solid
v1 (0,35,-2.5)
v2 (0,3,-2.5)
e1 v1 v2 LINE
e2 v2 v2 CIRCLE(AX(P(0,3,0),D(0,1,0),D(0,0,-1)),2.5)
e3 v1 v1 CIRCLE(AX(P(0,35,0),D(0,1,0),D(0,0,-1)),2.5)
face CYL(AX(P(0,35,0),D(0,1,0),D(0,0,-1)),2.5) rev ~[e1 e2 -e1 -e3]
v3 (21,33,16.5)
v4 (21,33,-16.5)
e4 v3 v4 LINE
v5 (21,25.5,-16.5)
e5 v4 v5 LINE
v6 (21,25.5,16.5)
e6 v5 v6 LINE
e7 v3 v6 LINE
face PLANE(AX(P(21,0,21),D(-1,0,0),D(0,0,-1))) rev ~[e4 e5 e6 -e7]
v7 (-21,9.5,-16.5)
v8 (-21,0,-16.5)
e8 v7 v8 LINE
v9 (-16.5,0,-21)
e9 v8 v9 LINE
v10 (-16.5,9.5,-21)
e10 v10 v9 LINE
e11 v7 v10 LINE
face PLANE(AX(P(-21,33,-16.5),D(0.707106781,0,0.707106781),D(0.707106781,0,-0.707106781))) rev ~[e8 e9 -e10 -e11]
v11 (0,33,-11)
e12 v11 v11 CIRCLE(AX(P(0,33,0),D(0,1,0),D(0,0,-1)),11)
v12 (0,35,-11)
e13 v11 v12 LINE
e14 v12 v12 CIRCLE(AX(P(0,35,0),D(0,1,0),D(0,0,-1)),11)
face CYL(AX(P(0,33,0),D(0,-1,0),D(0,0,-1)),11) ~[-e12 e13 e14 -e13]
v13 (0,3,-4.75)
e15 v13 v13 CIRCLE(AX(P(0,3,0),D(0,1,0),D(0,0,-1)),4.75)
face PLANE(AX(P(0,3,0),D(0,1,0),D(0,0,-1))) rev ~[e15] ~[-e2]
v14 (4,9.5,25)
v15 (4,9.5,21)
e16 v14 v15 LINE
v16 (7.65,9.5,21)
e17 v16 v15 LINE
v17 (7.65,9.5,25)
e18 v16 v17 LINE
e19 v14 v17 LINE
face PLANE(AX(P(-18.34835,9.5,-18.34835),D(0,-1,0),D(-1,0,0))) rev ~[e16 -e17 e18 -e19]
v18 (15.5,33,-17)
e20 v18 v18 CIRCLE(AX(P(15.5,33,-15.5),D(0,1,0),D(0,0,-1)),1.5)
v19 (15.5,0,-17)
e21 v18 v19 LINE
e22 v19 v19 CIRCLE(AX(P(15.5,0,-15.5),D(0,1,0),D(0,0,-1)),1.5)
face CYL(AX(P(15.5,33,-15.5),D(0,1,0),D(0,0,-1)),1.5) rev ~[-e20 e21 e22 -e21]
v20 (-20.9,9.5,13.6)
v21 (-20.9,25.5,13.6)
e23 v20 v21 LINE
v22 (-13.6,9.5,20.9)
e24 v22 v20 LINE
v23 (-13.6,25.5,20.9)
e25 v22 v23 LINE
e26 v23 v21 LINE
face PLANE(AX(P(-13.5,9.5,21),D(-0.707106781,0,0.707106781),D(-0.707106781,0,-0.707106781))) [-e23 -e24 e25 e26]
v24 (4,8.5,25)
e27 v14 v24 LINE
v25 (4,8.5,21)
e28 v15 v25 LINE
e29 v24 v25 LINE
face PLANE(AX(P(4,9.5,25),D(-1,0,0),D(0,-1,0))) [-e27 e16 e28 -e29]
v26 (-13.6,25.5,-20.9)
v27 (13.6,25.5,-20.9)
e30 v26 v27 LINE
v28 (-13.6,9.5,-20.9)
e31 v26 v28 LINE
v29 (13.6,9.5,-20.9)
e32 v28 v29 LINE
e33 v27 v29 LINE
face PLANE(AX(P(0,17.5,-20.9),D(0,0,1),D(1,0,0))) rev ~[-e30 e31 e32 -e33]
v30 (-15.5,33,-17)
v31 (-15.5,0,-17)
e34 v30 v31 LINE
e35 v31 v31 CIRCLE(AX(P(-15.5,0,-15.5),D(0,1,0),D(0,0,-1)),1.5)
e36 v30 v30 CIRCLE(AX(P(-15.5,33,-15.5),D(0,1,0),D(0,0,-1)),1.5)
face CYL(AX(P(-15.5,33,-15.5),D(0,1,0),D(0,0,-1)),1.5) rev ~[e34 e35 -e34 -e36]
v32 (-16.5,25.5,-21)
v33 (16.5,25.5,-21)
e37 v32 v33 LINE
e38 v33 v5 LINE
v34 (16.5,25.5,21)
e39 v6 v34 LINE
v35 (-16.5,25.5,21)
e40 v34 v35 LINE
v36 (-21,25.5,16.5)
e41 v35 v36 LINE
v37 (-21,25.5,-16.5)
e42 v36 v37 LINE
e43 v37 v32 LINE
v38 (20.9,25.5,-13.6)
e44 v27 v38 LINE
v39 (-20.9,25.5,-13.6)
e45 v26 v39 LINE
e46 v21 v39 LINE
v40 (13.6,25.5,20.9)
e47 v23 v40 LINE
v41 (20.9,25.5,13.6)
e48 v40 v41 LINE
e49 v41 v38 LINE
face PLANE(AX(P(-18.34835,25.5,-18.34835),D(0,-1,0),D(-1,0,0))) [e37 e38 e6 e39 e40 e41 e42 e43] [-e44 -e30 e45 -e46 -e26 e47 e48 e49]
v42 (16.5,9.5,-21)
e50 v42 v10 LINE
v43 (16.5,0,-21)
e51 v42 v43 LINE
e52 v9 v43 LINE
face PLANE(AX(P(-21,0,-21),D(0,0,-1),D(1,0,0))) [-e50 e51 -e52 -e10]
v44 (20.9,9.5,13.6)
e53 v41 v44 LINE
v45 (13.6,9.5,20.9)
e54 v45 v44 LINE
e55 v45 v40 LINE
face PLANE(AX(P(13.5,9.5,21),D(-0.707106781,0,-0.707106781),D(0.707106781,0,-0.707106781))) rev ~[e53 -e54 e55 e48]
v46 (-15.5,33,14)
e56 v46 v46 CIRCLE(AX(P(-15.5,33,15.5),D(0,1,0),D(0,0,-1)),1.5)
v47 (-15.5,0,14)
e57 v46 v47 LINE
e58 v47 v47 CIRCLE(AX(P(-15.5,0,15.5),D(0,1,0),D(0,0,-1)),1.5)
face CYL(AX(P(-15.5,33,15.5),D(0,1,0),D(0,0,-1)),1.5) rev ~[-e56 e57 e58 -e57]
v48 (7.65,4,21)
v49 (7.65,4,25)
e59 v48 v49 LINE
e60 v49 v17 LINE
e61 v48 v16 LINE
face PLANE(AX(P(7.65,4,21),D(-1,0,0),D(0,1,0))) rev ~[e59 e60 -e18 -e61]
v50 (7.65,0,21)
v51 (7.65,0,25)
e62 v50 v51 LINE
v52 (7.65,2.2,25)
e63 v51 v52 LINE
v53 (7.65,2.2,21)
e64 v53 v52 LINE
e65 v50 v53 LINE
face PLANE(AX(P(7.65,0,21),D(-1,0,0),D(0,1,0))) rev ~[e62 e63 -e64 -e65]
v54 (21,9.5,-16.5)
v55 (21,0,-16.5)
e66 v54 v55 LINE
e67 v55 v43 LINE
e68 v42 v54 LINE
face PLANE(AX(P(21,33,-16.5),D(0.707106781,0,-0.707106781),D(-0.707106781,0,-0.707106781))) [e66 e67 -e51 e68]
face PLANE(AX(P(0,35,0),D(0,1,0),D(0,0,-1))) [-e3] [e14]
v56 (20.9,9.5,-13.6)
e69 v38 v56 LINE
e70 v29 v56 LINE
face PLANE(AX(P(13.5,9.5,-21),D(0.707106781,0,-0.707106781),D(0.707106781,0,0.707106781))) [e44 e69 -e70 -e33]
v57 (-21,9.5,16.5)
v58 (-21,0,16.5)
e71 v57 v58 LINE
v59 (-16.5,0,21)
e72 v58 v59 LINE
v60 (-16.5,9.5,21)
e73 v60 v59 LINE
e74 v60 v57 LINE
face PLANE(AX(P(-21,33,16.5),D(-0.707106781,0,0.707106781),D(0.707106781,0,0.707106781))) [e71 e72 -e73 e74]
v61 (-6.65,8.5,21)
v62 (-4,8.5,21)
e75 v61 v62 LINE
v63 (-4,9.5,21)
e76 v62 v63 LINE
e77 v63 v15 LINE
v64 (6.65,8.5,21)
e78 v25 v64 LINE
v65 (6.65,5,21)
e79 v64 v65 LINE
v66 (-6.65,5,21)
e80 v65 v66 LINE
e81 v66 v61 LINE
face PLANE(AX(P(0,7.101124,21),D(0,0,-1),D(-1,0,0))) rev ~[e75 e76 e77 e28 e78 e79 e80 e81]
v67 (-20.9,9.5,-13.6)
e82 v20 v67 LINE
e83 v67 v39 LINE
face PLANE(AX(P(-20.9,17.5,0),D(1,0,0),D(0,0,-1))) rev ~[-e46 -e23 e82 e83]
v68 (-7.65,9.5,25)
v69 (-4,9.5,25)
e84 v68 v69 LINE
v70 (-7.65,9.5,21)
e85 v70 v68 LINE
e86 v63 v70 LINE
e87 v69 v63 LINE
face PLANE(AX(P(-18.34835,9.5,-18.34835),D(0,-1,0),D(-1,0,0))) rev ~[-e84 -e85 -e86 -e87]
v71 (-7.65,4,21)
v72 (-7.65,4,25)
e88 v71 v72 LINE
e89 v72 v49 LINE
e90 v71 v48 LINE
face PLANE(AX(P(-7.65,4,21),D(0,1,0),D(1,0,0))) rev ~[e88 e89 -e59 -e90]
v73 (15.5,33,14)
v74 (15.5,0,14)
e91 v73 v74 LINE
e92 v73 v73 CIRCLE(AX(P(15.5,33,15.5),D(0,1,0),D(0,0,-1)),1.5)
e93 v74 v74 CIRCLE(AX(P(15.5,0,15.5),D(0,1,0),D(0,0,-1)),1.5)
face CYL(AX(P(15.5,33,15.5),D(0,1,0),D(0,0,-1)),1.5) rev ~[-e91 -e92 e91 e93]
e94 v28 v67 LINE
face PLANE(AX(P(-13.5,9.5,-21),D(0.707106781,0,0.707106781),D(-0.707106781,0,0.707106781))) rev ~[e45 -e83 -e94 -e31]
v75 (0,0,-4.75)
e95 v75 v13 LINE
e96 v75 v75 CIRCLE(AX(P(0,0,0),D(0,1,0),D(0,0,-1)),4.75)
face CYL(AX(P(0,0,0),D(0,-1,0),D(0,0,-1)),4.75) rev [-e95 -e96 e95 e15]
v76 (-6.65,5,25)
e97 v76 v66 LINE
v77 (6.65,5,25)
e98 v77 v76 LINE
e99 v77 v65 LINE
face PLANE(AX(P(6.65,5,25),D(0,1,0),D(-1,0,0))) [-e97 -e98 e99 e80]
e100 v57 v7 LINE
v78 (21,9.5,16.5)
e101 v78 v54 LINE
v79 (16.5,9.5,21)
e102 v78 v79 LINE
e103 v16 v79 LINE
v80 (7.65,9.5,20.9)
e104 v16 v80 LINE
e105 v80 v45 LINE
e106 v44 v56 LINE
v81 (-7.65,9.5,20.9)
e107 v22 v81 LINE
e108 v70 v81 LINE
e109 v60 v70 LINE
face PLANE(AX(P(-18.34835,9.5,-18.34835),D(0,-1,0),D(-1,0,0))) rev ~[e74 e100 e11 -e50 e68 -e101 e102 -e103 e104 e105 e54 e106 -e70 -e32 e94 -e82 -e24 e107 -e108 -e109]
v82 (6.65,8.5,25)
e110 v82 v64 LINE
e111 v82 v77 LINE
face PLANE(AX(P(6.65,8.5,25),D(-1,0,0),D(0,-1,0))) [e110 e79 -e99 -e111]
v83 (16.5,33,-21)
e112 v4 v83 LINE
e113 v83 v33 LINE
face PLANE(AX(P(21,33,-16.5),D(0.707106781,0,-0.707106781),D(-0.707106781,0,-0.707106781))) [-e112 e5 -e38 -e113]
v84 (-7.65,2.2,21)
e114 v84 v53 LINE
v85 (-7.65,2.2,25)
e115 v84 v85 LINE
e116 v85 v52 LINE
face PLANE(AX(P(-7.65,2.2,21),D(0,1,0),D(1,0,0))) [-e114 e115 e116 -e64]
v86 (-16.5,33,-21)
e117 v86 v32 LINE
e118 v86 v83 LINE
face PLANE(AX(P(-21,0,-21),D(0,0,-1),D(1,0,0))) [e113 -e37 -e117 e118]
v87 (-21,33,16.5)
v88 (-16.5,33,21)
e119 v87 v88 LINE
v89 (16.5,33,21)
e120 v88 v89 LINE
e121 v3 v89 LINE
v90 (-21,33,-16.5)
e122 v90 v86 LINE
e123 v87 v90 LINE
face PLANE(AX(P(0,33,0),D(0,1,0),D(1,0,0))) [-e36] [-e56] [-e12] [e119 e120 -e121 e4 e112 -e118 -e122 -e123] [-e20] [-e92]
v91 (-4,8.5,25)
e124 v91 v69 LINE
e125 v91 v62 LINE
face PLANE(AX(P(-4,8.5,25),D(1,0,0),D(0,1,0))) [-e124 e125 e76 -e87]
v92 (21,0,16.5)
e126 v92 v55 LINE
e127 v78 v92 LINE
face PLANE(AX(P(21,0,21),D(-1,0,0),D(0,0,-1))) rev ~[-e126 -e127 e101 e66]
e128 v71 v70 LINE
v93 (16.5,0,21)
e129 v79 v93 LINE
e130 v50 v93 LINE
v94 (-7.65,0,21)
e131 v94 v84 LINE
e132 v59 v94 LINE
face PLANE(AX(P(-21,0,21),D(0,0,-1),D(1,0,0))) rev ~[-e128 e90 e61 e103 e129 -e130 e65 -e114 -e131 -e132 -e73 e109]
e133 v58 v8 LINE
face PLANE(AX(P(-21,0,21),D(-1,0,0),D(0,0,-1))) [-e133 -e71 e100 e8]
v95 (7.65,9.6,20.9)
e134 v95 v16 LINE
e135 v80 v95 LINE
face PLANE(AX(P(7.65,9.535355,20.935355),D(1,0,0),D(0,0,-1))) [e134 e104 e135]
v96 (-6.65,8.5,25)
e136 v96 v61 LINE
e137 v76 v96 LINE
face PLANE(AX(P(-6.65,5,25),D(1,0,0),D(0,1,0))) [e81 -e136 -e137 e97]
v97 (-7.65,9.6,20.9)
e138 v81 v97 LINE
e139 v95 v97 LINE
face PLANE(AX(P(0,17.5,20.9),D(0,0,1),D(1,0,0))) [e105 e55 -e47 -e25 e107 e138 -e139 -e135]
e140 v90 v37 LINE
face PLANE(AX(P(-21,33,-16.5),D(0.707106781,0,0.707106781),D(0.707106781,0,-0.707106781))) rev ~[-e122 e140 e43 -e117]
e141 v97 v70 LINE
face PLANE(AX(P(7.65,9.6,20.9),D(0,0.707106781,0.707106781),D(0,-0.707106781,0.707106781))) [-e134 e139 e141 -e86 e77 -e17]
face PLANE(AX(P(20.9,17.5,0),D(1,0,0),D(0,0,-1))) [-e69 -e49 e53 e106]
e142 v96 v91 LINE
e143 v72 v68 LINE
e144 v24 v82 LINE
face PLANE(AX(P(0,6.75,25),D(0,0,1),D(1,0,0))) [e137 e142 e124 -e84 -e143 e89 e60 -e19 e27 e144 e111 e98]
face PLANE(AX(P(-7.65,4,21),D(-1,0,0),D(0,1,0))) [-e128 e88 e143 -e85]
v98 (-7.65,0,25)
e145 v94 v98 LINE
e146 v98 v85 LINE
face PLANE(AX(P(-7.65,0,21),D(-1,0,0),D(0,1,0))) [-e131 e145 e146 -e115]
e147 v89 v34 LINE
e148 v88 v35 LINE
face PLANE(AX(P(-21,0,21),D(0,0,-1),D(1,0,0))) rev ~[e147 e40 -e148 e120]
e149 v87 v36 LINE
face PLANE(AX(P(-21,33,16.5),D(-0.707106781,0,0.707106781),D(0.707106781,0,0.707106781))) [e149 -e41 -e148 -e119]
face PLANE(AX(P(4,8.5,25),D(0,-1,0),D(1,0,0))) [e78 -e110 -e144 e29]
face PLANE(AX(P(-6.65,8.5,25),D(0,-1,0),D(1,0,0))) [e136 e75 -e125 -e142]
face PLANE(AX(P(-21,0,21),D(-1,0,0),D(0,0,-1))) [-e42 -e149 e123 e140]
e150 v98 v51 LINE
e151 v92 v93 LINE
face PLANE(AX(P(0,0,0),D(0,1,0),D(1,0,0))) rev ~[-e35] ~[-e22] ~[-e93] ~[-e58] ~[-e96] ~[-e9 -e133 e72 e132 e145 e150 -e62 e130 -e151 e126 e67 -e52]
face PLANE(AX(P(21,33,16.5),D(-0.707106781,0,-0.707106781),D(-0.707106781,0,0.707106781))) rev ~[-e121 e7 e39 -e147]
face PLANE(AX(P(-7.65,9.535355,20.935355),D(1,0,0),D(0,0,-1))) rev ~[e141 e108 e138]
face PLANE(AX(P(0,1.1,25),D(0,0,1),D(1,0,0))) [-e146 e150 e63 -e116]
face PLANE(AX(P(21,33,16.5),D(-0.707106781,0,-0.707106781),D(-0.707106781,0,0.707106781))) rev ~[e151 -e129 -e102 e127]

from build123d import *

# Parameters (mm, degrees)
SKETCH_1_W           = 42
SKETCH_1_H           = 42
EXTRUDE_1_DEPTH      = 33
CUT_EXTRUDE_START    = 33
CUT_EXTRUDE_1_DEPTH  = 33
CUT_EXTRUDE_START_2  = 9.5
CUT_EXTRUDE_2_DEPTH  = 16
CUT_EXTRUDE_START_3  = 21
SKETCH_4_W           = 33
SKETCH_4_H           = 16
CUT_EXTRUDE_3_DEPTH  = 0.1
CUT_EXTRUDE_START_4  = -21
SKETCH_5_W           = 33
SKETCH_5_H           = 16
CUT_EXTRUDE_4_DEPTH  = 0.1
SKETCH_6_W           = 33
SKETCH_6_H           = 16
CUT_EXTRUDE_5_DEPTH  = 0.1
SKETCH_7_W           = 33
SKETCH_7_H           = 16
CUT_EXTRUDE_6_DEPTH  = 0.1
SKETCH_8_R           = 4.75
CUT_EXTRUDE_7_DEPTH  = 3
EXTRUDE_START        = 33
SKETCH_9_R           = 11
EXTRUDE_2_DEPTH      = 2
CUT_EXTRUDE_START_5  = 35
SKETCH_11_R          = 2.5
CUT_EXTRUDE_8_DEPTH  = 35
SKETCH_12_R          = 1.5
CUT_EXTRUDE_9_DEPTH  = 33
EXTRUDE_START_2      = 21
SKETCH_13_W          = 15.3
SKETCH_13_H          = 2.2
EXTRUDE_3_DEPTH      = 4
SKETCH_17_W          = 15.3
SKETCH_17_H          = 5.5
EXTRUDE_7_DEPTH      = 4
CUT_EXTRUDE_START_6  = 25
CUT_EXTRUDE_11_DEPTH = 4
EXTRUDE_START_3      = 7.65
EXTRUDE_8_DEPTH      = 15.3


with BuildPart() as part:
    # 草图1 → 凸台-拉伸1 (new body)
    with BuildSketch(Plane(origin=(0, 0, 0), x_dir=(1, 0, 0), z_dir=(0, 1, 0))):
        Rectangle(SKETCH_1_W, SKETCH_1_H)
    extrude(amount=EXTRUDE_1_DEPTH)

    # 草图2 → 切除-拉伸1 (cut)
    with BuildSketch(Plane(origin=(0, 0, 0), x_dir=(1, 0, 0), z_dir=(0, 1, 0)).offset(CUT_EXTRUDE_START)):
        Polygon((-21, 21), (-21, 16.5), (-16.5, 21), align=None)
        Polygon((-21, -21), (-21, -16.5), (-16.5, -21), align=None)
        Polygon((21, -21), (21, -16.5), (16.5, -21), align=None)
        Polygon((21, 21), (21, 16.5), (16.5, 21), align=None)
    extrude(amount=-CUT_EXTRUDE_1_DEPTH, mode=Mode.SUBTRACT)

    # 草图3 → 切除-拉伸2 (cut)
    with BuildSketch(Plane(origin=(0, 0, 0), x_dir=(1, 0, 0), z_dir=(0, 1, 0)).offset(CUT_EXTRUDE_START_2)):
        Polygon((-21, 13.5), (-21, 21), (-13.5, 21), align=None)
        Polygon((-21, -13.5), (-21, -21), (-13.5, -21), align=None)
        Polygon((21, -13.5), (21, -21), (13.5, -21), align=None)
        Polygon((21, 13.5), (21, 21), (13.5, 21), align=None)
    extrude(amount=CUT_EXTRUDE_2_DEPTH, mode=Mode.SUBTRACT)

    # 草图4 → 切除-拉伸3 (cut)
    with BuildSketch(Plane.XY.offset(CUT_EXTRUDE_START_3)):
        with Locations((0, 17.5)):
            Rectangle(SKETCH_4_W, SKETCH_4_H)
    extrude(amount=-CUT_EXTRUDE_3_DEPTH, mode=Mode.SUBTRACT)

    # 草图5 → 切除-拉伸4 (cut)
    with BuildSketch(Plane.XY.offset(CUT_EXTRUDE_START_4)):
        with Locations((0, 17.5)):
            Rectangle(SKETCH_5_W, SKETCH_5_H)
    extrude(amount=CUT_EXTRUDE_4_DEPTH, mode=Mode.SUBTRACT)

    # 草图6 → 切除-拉伸5 (cut)
    with BuildSketch(Plane(origin=(0, 0, 0), x_dir=(0, 0, -1), z_dir=(1, 0, 0)).offset(CUT_EXTRUDE_START_4)):
        with Locations((0, 17.5)):
            Rectangle(SKETCH_6_W, SKETCH_6_H)
    extrude(amount=CUT_EXTRUDE_5_DEPTH, mode=Mode.SUBTRACT)

    # 草图7 → 切除-拉伸6 (cut)
    with BuildSketch(Plane(origin=(0, 0, 0), x_dir=(0, 0, -1), z_dir=(1, 0, 0)).offset(CUT_EXTRUDE_START_3)):
        with Locations((0, 17.5)):
            Rectangle(SKETCH_7_W, SKETCH_7_H)
    extrude(amount=-CUT_EXTRUDE_6_DEPTH, mode=Mode.SUBTRACT)

    # 草图8 → 切除-拉伸7 (cut)
    with BuildSketch(Plane(origin=(0, 0, 0), x_dir=(1, 0, 0), z_dir=(0, 1, 0))):
        with Locations(Location((0, 0, 0), (0, 0, 90))):
            Circle(SKETCH_8_R)
    extrude(amount=CUT_EXTRUDE_7_DEPTH, mode=Mode.SUBTRACT)

    # 草图9 → 凸台-拉伸2 (add)
    with BuildSketch(Plane(origin=(0, 0, 0), x_dir=(1, 0, 0), z_dir=(0, 1, 0)).offset(EXTRUDE_START)):
        with Locations(Location((0, 0, 0), (0, 0, 90))):
            Circle(SKETCH_9_R)
    extrude(amount=EXTRUDE_2_DEPTH)

    # 草图11 → 切除-拉伸8 (cut)
    with BuildSketch(Plane(origin=(0, 0, 0), x_dir=(1, 0, 0), z_dir=(0, 1, 0)).offset(CUT_EXTRUDE_START_5)):
        with Locations(Location((0, 0, 0), (0, 0, 90))):
            Circle(SKETCH_11_R)
    extrude(amount=-CUT_EXTRUDE_8_DEPTH, mode=Mode.SUBTRACT)

    # 草图12 → 切除-拉伸9 (cut)
    with BuildSketch(Plane(origin=(0, 0, 0), x_dir=(1, 0, 0), z_dir=(0, 1, 0)).offset(CUT_EXTRUDE_START)):
        with Locations(Location((-15.5, 15.5, 0), (0, 0, 90))):
            Circle(SKETCH_12_R)
        with Locations(Location((-15.5, -15.5, 0), (0, 0, 90))):
            Circle(SKETCH_12_R)
        with Locations(Location((15.5, -15.5, 0), (0, 0, 90))):
            Circle(SKETCH_12_R)
        with Locations(Location((15.5, 15.5, 0), (0, 0, 90))):
            Circle(SKETCH_12_R)
    extrude(amount=-CUT_EXTRUDE_9_DEPTH, mode=Mode.SUBTRACT)

    # 草图13 → 凸台-拉伸3 (add)
    with BuildSketch(Plane.XY.offset(EXTRUDE_START_2)):
        with Locations((0, 1.1)):
            Rectangle(SKETCH_13_W, SKETCH_13_H)
    extrude(amount=EXTRUDE_3_DEPTH)

    # 草图17 → 凸台-拉伸7 (add)
    with BuildSketch(Plane.XY.offset(EXTRUDE_START_2)):
        with Locations((0, 6.75)):
            Rectangle(SKETCH_17_W, SKETCH_17_H)
    extrude(amount=EXTRUDE_7_DEPTH)

    # 草图18 → 切除-拉伸11 (cut)
    with BuildSketch(Plane.XY.offset(CUT_EXTRUDE_START_6)):
        Polygon((-6.65, 8.5), (-4, 8.5), (-4, 9.5), (4, 9.5), (4, 8.5), (6.65, 8.5), (6.65, 5), (-6.65, 5), align=None)
    extrude(amount=-CUT_EXTRUDE_11_DEPTH, mode=Mode.SUBTRACT)

    # 草图19 → 凸台-拉伸8 (add)
    with BuildSketch(Plane(origin=(0, 0, 0), x_dir=(0, 0, -1), z_dir=(1, 0, 0)).offset(EXTRUDE_START_3)):
        Polygon((-21, 9.5), (-20.9, 9.5), (-20.9, 9.6), align=None)
    extrude(amount=-EXTRUDE_8_DEPTH)


solid = part.part
